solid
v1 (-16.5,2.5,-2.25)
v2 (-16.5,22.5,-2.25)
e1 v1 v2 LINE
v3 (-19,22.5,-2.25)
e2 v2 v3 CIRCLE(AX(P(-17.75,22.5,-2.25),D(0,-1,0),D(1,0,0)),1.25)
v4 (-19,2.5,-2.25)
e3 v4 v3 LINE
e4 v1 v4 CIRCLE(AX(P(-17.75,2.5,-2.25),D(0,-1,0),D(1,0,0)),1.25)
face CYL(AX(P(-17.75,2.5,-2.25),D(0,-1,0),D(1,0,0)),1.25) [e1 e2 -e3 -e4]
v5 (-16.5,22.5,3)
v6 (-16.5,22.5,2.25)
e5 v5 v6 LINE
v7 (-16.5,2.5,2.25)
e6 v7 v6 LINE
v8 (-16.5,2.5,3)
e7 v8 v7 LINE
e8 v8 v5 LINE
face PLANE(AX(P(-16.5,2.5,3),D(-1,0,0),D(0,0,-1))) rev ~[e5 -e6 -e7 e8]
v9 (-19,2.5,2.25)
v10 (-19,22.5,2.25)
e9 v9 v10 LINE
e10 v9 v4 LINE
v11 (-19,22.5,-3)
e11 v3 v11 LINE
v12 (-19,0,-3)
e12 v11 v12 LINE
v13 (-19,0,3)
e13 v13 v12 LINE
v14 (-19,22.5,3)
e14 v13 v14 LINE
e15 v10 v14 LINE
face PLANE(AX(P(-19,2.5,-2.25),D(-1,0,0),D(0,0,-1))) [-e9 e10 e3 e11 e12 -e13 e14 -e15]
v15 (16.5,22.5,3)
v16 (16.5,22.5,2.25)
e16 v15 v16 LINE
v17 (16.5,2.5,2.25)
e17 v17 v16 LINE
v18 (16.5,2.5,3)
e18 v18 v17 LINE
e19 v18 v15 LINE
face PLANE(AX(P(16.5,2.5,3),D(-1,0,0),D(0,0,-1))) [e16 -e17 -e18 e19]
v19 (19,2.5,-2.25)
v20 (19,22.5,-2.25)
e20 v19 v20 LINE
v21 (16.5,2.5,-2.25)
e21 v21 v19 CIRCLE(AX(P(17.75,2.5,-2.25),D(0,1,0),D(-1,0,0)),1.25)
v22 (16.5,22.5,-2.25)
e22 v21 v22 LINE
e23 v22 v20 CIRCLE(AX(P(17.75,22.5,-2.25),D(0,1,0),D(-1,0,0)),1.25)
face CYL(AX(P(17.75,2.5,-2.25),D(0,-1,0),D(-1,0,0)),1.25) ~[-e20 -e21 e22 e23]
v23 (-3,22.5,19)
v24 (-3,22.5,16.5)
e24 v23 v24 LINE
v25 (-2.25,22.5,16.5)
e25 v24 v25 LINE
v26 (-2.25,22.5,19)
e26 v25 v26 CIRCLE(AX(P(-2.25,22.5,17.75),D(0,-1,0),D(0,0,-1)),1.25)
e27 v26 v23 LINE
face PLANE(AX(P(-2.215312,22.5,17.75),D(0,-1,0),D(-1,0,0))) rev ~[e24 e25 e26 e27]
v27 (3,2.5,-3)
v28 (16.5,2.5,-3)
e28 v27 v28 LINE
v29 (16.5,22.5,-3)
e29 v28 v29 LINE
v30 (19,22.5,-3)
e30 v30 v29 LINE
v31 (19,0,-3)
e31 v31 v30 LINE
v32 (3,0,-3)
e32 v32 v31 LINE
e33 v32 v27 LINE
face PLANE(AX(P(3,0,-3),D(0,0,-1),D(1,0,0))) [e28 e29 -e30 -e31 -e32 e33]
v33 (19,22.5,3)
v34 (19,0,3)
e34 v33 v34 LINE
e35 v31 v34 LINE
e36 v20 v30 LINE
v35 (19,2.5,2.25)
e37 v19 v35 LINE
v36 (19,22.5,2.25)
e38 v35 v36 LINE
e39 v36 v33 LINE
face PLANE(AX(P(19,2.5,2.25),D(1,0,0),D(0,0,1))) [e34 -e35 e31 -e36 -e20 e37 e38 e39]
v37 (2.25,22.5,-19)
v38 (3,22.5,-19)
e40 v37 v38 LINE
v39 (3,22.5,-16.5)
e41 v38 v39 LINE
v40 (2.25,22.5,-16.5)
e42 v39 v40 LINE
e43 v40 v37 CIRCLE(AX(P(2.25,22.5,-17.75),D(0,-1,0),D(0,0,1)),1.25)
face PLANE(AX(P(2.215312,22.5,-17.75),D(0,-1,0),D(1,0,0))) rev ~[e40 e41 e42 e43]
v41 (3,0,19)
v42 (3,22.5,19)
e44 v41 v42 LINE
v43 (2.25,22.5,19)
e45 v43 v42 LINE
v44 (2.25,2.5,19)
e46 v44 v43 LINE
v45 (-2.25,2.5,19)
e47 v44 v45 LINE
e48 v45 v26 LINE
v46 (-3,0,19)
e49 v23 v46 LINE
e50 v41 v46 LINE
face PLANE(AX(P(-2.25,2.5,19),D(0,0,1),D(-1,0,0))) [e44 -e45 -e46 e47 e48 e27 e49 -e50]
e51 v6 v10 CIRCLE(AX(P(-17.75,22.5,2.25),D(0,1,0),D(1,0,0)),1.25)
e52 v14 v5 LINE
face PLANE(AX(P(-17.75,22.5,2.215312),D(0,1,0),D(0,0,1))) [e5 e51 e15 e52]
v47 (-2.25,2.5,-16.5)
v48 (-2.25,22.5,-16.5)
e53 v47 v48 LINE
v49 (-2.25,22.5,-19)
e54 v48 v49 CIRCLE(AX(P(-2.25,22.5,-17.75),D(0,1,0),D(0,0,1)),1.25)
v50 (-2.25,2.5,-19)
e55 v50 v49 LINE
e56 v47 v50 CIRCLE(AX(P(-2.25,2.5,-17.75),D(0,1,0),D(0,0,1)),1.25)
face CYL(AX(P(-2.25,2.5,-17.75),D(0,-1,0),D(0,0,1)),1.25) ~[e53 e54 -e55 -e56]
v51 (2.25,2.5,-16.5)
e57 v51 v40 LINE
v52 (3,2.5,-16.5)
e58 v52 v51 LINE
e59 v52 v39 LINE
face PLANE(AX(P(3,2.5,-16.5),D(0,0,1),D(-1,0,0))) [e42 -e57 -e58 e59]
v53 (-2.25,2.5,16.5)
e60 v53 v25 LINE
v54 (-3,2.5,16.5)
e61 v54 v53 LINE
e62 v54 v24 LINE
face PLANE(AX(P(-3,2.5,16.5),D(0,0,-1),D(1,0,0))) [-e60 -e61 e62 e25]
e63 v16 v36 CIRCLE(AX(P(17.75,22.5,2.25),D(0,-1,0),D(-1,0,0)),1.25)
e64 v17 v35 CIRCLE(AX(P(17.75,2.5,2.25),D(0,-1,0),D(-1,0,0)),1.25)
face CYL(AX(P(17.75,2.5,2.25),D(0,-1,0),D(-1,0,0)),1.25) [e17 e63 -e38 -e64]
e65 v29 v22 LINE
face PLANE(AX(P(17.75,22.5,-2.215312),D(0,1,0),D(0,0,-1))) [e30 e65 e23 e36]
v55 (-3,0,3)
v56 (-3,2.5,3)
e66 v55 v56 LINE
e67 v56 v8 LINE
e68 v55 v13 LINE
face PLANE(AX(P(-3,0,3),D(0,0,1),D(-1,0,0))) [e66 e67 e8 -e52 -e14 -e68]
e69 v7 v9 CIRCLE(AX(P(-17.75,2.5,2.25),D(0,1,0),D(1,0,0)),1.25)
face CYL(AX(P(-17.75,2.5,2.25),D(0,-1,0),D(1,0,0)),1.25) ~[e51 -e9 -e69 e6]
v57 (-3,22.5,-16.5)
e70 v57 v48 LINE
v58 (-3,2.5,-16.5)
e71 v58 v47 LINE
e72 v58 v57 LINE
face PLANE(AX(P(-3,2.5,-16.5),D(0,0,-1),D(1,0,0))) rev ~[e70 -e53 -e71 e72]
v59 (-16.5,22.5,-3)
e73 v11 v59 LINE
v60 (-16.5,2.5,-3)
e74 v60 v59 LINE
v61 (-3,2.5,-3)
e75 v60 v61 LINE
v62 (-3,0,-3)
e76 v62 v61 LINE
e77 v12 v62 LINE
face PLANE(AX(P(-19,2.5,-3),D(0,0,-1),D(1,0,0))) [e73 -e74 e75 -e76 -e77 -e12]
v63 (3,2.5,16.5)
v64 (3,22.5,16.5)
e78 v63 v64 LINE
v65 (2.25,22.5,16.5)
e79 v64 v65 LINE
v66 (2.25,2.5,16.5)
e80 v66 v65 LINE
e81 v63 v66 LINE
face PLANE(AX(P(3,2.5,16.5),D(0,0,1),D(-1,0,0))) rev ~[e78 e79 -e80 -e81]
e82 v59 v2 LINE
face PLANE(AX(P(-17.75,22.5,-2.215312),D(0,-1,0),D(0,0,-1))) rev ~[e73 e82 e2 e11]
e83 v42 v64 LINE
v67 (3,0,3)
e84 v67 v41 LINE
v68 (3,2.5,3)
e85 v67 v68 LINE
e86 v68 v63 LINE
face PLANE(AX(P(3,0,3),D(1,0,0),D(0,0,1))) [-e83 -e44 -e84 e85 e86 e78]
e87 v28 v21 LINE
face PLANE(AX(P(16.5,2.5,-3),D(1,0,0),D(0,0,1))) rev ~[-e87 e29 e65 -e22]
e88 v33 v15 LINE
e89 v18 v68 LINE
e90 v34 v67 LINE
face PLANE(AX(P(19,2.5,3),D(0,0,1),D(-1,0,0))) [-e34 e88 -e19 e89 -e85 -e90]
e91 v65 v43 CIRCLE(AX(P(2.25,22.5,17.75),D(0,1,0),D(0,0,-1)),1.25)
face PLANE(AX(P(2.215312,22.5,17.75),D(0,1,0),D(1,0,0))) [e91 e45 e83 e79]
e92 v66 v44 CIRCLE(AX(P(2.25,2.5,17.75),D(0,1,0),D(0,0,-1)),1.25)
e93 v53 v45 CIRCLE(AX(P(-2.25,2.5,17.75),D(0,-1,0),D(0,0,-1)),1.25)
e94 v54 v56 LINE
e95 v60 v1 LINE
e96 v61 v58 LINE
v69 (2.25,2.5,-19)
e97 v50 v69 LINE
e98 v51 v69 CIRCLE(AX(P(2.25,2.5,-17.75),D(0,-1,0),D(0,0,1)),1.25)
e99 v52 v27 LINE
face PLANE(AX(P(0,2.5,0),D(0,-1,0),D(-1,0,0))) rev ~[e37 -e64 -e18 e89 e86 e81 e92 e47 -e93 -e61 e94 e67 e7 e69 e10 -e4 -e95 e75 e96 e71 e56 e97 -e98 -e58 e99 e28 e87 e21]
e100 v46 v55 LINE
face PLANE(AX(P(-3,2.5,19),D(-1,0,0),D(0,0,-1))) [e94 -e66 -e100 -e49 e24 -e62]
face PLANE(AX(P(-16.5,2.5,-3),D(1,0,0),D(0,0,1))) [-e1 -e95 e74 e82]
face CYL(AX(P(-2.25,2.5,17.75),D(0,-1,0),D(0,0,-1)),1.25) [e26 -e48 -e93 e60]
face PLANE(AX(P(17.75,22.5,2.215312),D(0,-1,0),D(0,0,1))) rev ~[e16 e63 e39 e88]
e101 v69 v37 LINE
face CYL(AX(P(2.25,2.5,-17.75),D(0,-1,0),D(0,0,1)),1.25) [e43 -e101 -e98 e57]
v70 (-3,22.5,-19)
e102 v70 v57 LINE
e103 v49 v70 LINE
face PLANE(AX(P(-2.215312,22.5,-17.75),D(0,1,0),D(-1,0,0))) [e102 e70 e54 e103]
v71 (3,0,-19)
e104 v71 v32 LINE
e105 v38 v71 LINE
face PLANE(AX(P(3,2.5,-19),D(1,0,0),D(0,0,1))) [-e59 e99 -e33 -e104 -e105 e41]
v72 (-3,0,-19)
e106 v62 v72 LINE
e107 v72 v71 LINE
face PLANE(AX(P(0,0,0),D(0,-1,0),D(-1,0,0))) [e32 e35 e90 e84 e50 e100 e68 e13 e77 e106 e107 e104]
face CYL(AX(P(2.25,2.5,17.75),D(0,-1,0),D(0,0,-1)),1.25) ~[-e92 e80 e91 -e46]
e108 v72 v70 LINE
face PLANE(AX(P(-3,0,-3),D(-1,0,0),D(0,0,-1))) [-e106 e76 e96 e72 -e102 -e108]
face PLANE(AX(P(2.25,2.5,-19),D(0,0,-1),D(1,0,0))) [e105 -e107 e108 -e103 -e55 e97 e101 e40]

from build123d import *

# Parameters (mm, degrees)
BOSS_EXTRUDE1_DEPTH = 2.5
BOSS_EXTRUDE2_DEPTH = 20
CIRPATTERN1_COUNT   = 4


with BuildPart() as part:
    # Sketch1 → Boss-Extrude1 (new body)
    with BuildSketch(Plane(origin=(0, 0, 0), x_dir=(1, 0, 0), z_dir=(0, 1, 0))):
        Polygon((-3, 3), (-3, 19), (3, 19), (3, 3), (19, 3), (19, -3), (3, -3), (3, -19), (-3, -19), (-3, -3), (-19, -3), (-19, 3), align=None)
    extrude(amount=BOSS_EXTRUDE1_DEPTH)

    # Sketch2 → Boss-Extrude2 (add)
    with BuildSketch(Plane(origin=(0, 2.5, 0), x_dir=(1, 0, 0), z_dir=(0, 1, 0))):
        with BuildLine():
            Line((-2.25, -19), (-3, -19))
            Line((-3, -19), (-3, -16.5))
            Line((-3, -16.5), (-2.25, -16.5))
            ThreePointArc((-2.25, -16.5), (-1, -17.75), (-2.25, -19))
        make_face()
        with BuildLine():
            Line((3, -16.5), (2.25, -16.5))
            ThreePointArc((2.25, -16.5), (1, -17.75), (2.25, -19))
            Line((2.25, -19), (3, -19))
            Line((3, -19), (3, -16.5))
        make_face()
    boss_extrude2 = extrude(amount=BOSS_EXTRUDE2_DEPTH)

    # CirPattern1: Boss-Extrude2 ×4 about axis
    cirpattern1_axis = Axis((0, 0, 0), (0, 1, 0))
    for i in range(1, CIRPATTERN1_COUNT):
        add(boss_extrude2.rotate(cirpattern1_axis, i * 360 / CIRPATTERN1_COUNT))


solid = part.part
